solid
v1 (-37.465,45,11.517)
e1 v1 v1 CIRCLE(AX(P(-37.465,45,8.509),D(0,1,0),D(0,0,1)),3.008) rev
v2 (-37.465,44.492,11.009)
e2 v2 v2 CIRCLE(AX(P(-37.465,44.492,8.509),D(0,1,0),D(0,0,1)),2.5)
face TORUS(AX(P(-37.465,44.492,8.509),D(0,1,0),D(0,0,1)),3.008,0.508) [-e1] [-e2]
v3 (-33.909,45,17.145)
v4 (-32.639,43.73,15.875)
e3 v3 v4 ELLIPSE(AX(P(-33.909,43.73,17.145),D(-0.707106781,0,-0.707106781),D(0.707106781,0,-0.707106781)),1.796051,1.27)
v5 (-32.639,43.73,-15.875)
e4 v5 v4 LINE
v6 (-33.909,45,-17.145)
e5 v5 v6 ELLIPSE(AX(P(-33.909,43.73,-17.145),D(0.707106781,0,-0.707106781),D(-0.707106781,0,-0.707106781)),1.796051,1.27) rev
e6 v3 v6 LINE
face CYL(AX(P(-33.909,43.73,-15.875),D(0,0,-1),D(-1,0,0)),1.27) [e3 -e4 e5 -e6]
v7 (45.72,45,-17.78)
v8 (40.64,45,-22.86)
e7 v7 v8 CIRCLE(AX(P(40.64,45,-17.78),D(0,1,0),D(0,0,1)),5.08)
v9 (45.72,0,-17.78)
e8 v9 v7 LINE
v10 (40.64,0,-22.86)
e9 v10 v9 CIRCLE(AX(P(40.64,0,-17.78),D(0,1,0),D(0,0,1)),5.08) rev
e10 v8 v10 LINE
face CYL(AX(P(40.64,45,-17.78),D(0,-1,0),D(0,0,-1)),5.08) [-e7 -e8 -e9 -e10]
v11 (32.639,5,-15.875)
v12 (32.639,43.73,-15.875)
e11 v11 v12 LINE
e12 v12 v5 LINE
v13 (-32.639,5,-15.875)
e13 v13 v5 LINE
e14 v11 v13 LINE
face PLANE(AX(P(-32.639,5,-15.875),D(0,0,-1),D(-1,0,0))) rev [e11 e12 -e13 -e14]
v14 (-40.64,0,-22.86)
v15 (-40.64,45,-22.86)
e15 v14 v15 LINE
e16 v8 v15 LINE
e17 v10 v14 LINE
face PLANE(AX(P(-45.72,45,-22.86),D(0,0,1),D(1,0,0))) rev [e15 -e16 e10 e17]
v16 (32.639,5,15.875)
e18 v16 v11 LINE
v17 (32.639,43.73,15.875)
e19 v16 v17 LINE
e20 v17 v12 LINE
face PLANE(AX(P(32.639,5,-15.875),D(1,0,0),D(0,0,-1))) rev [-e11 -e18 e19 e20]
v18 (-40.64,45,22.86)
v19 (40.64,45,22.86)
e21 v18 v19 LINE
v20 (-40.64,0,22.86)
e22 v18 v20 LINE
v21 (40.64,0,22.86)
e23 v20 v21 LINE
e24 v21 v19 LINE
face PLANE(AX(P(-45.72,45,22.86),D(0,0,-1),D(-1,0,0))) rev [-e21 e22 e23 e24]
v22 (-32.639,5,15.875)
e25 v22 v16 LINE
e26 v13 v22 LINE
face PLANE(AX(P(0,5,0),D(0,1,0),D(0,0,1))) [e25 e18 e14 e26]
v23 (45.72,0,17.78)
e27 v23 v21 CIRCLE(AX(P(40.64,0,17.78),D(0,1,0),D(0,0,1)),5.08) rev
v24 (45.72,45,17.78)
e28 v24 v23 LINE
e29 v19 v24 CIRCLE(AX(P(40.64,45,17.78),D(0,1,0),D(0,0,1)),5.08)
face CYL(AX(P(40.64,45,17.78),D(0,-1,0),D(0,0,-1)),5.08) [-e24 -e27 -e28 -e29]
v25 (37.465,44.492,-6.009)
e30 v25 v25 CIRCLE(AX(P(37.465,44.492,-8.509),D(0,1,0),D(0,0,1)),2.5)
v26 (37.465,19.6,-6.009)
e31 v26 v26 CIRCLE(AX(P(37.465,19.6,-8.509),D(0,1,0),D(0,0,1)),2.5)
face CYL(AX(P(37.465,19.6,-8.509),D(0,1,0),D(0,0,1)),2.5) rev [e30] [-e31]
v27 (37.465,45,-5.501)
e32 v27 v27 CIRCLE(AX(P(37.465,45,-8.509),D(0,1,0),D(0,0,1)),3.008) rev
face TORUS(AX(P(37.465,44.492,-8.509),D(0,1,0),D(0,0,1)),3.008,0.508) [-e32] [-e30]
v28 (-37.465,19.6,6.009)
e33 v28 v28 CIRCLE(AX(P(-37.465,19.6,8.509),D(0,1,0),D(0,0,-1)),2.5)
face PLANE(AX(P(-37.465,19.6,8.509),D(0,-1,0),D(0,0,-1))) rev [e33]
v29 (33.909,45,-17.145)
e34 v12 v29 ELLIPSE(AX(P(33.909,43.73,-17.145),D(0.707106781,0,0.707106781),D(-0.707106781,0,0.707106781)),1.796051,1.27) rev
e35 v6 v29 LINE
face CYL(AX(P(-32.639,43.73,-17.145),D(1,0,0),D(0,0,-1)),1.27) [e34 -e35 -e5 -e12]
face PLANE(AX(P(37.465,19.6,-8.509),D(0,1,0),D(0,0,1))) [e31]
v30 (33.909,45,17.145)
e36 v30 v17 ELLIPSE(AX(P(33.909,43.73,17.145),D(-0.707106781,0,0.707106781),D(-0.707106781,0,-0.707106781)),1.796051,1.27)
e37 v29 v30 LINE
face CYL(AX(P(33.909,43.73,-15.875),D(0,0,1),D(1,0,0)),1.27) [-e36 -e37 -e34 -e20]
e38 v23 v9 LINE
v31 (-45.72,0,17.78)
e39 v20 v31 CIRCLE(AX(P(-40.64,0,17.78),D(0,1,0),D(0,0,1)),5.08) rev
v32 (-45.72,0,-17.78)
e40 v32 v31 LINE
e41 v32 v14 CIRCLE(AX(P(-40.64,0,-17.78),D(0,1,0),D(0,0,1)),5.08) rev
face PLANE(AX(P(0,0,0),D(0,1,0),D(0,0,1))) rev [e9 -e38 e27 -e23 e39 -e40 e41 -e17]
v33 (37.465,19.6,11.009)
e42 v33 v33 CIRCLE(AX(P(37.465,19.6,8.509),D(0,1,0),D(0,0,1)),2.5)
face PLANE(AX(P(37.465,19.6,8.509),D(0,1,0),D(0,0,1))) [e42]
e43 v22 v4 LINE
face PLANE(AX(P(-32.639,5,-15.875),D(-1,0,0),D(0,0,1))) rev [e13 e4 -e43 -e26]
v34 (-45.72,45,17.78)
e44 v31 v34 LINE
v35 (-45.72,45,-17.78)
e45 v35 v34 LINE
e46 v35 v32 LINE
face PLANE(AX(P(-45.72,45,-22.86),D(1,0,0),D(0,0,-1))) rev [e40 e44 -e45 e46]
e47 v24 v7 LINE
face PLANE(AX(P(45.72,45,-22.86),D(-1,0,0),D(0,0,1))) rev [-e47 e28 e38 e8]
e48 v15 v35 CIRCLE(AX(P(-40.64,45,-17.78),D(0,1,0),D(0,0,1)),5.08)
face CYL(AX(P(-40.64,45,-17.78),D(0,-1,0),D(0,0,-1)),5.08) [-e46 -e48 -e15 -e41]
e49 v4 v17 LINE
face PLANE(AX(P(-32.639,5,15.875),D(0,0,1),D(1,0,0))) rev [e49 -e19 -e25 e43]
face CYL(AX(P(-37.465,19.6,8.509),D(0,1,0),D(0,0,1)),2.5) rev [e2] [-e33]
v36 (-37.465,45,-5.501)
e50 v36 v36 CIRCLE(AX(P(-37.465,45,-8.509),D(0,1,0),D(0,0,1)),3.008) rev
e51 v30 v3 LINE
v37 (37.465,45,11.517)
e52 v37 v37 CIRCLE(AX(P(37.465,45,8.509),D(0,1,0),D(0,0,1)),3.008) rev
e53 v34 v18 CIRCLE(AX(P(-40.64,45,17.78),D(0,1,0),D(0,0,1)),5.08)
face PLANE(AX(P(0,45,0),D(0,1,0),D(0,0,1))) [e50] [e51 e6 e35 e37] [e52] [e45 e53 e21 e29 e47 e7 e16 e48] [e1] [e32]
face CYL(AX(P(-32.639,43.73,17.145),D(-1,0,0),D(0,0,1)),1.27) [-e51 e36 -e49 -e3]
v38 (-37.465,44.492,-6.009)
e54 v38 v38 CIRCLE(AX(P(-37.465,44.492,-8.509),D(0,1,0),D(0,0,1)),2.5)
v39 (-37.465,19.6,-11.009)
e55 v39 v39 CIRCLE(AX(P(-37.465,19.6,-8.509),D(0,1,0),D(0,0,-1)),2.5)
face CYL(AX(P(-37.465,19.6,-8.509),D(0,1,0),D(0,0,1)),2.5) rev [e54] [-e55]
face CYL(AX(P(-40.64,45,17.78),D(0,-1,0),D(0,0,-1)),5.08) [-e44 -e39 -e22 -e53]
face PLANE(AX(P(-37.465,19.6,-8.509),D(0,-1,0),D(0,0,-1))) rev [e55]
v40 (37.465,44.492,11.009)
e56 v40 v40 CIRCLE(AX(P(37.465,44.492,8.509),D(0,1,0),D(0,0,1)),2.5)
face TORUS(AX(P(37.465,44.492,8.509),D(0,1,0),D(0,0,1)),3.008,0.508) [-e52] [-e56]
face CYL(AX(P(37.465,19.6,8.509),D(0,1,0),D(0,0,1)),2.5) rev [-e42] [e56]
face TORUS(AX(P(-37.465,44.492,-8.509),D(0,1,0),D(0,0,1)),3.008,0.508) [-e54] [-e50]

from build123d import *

# Parameters (mm, degrees)
SKETCH1_W           = 91.44
SKETCH1_H           = 45.72
BOSS_EXTRUDE1_DEPTH = 45
SKETCH2_W           = 65.278
SKETCH2_H           = 31.75
CUT_EXTRUDE1_DEPTH  = 40
SKETCH3_R           = 2.5
CUT_EXTRUDE2_DEPTH  = 25.4
FILLET1_R           = 5.08
FILLET3_R           = 1.27
FILLET4_R           = 0.508


with BuildPart() as part:
    # Sketch1 → Boss-Extrude1 (new body)
    with BuildSketch(Plane(origin=(0, 0, 0), x_dir=(1, 0, 0), z_dir=(0, 1, 0))):
        Rectangle(SKETCH1_W, SKETCH1_H)
    extrude(amount=BOSS_EXTRUDE1_DEPTH)

    # Sketch2 → Cut-Extrude1 (cut)
    with BuildSketch(Plane(origin=(0, 45, 0), x_dir=(1, 0, 0), z_dir=(0, 1, 0))):
        Rectangle(SKETCH2_W, SKETCH2_H)
    extrude(amount=-CUT_EXTRUDE1_DEPTH, mode=Mode.SUBTRACT)

    # Sketch3 → Cut-Extrude2 (cut)
    with BuildSketch(Plane(origin=(0, 45, 0), x_dir=(1, 0, 0), z_dir=(0, 1, 0))):
        with Locations(Location((37.465, 8.509, 0), (0, 0, 270))):
            Circle(SKETCH3_R)
        with Locations(Location((37.465, -8.509, 0), (0, 0, 270))):
            Circle(SKETCH3_R)
        with Locations(Location((-37.465, -8.509, 0), (0, 0, 90))):
            Circle(SKETCH3_R)
        with Locations(Location((-37.465, 8.509, 0), (0, 0, 90))):
            Circle(SKETCH3_R)
    extrude(amount=-CUT_EXTRUDE2_DEPTH, mode=Mode.SUBTRACT)

    # Fillet1
    fillet1_edges = [part.edges().sort_by_distance(p)[0] for p in [
        (45.72, 22.5, 22.86),
        (-45.72, 22.5, 22.86),
        (-45.72, 22.5, -22.86),
        (45.72, 22.5, -22.86),
    ]]
    fillet(fillet1_edges, radius=FILLET1_R)

    # Fillet3
    fillet3_edges = [part.edges().sort_by_distance(p)[0] for p in [
        (32.639, 45, 0),
        (0, 45, -15.875),
        (-32.639, 45, 0),
        (0, 45, 15.875),
    ]]
    fillet(fillet3_edges, radius=FILLET3_R)

    # Fillet4
    fillet4_edges = [part.edges().sort_by_distance(p)[0] for p in [
        (-37.465, 45, -6.009),
        (-37.465, 45, 11.009),
        (37.465, 45, 6.009),
        (37.465, 45, -11.009),
    ]]
    fillet(fillet4_edges, radius=FILLET4_R)


solid = part.part
